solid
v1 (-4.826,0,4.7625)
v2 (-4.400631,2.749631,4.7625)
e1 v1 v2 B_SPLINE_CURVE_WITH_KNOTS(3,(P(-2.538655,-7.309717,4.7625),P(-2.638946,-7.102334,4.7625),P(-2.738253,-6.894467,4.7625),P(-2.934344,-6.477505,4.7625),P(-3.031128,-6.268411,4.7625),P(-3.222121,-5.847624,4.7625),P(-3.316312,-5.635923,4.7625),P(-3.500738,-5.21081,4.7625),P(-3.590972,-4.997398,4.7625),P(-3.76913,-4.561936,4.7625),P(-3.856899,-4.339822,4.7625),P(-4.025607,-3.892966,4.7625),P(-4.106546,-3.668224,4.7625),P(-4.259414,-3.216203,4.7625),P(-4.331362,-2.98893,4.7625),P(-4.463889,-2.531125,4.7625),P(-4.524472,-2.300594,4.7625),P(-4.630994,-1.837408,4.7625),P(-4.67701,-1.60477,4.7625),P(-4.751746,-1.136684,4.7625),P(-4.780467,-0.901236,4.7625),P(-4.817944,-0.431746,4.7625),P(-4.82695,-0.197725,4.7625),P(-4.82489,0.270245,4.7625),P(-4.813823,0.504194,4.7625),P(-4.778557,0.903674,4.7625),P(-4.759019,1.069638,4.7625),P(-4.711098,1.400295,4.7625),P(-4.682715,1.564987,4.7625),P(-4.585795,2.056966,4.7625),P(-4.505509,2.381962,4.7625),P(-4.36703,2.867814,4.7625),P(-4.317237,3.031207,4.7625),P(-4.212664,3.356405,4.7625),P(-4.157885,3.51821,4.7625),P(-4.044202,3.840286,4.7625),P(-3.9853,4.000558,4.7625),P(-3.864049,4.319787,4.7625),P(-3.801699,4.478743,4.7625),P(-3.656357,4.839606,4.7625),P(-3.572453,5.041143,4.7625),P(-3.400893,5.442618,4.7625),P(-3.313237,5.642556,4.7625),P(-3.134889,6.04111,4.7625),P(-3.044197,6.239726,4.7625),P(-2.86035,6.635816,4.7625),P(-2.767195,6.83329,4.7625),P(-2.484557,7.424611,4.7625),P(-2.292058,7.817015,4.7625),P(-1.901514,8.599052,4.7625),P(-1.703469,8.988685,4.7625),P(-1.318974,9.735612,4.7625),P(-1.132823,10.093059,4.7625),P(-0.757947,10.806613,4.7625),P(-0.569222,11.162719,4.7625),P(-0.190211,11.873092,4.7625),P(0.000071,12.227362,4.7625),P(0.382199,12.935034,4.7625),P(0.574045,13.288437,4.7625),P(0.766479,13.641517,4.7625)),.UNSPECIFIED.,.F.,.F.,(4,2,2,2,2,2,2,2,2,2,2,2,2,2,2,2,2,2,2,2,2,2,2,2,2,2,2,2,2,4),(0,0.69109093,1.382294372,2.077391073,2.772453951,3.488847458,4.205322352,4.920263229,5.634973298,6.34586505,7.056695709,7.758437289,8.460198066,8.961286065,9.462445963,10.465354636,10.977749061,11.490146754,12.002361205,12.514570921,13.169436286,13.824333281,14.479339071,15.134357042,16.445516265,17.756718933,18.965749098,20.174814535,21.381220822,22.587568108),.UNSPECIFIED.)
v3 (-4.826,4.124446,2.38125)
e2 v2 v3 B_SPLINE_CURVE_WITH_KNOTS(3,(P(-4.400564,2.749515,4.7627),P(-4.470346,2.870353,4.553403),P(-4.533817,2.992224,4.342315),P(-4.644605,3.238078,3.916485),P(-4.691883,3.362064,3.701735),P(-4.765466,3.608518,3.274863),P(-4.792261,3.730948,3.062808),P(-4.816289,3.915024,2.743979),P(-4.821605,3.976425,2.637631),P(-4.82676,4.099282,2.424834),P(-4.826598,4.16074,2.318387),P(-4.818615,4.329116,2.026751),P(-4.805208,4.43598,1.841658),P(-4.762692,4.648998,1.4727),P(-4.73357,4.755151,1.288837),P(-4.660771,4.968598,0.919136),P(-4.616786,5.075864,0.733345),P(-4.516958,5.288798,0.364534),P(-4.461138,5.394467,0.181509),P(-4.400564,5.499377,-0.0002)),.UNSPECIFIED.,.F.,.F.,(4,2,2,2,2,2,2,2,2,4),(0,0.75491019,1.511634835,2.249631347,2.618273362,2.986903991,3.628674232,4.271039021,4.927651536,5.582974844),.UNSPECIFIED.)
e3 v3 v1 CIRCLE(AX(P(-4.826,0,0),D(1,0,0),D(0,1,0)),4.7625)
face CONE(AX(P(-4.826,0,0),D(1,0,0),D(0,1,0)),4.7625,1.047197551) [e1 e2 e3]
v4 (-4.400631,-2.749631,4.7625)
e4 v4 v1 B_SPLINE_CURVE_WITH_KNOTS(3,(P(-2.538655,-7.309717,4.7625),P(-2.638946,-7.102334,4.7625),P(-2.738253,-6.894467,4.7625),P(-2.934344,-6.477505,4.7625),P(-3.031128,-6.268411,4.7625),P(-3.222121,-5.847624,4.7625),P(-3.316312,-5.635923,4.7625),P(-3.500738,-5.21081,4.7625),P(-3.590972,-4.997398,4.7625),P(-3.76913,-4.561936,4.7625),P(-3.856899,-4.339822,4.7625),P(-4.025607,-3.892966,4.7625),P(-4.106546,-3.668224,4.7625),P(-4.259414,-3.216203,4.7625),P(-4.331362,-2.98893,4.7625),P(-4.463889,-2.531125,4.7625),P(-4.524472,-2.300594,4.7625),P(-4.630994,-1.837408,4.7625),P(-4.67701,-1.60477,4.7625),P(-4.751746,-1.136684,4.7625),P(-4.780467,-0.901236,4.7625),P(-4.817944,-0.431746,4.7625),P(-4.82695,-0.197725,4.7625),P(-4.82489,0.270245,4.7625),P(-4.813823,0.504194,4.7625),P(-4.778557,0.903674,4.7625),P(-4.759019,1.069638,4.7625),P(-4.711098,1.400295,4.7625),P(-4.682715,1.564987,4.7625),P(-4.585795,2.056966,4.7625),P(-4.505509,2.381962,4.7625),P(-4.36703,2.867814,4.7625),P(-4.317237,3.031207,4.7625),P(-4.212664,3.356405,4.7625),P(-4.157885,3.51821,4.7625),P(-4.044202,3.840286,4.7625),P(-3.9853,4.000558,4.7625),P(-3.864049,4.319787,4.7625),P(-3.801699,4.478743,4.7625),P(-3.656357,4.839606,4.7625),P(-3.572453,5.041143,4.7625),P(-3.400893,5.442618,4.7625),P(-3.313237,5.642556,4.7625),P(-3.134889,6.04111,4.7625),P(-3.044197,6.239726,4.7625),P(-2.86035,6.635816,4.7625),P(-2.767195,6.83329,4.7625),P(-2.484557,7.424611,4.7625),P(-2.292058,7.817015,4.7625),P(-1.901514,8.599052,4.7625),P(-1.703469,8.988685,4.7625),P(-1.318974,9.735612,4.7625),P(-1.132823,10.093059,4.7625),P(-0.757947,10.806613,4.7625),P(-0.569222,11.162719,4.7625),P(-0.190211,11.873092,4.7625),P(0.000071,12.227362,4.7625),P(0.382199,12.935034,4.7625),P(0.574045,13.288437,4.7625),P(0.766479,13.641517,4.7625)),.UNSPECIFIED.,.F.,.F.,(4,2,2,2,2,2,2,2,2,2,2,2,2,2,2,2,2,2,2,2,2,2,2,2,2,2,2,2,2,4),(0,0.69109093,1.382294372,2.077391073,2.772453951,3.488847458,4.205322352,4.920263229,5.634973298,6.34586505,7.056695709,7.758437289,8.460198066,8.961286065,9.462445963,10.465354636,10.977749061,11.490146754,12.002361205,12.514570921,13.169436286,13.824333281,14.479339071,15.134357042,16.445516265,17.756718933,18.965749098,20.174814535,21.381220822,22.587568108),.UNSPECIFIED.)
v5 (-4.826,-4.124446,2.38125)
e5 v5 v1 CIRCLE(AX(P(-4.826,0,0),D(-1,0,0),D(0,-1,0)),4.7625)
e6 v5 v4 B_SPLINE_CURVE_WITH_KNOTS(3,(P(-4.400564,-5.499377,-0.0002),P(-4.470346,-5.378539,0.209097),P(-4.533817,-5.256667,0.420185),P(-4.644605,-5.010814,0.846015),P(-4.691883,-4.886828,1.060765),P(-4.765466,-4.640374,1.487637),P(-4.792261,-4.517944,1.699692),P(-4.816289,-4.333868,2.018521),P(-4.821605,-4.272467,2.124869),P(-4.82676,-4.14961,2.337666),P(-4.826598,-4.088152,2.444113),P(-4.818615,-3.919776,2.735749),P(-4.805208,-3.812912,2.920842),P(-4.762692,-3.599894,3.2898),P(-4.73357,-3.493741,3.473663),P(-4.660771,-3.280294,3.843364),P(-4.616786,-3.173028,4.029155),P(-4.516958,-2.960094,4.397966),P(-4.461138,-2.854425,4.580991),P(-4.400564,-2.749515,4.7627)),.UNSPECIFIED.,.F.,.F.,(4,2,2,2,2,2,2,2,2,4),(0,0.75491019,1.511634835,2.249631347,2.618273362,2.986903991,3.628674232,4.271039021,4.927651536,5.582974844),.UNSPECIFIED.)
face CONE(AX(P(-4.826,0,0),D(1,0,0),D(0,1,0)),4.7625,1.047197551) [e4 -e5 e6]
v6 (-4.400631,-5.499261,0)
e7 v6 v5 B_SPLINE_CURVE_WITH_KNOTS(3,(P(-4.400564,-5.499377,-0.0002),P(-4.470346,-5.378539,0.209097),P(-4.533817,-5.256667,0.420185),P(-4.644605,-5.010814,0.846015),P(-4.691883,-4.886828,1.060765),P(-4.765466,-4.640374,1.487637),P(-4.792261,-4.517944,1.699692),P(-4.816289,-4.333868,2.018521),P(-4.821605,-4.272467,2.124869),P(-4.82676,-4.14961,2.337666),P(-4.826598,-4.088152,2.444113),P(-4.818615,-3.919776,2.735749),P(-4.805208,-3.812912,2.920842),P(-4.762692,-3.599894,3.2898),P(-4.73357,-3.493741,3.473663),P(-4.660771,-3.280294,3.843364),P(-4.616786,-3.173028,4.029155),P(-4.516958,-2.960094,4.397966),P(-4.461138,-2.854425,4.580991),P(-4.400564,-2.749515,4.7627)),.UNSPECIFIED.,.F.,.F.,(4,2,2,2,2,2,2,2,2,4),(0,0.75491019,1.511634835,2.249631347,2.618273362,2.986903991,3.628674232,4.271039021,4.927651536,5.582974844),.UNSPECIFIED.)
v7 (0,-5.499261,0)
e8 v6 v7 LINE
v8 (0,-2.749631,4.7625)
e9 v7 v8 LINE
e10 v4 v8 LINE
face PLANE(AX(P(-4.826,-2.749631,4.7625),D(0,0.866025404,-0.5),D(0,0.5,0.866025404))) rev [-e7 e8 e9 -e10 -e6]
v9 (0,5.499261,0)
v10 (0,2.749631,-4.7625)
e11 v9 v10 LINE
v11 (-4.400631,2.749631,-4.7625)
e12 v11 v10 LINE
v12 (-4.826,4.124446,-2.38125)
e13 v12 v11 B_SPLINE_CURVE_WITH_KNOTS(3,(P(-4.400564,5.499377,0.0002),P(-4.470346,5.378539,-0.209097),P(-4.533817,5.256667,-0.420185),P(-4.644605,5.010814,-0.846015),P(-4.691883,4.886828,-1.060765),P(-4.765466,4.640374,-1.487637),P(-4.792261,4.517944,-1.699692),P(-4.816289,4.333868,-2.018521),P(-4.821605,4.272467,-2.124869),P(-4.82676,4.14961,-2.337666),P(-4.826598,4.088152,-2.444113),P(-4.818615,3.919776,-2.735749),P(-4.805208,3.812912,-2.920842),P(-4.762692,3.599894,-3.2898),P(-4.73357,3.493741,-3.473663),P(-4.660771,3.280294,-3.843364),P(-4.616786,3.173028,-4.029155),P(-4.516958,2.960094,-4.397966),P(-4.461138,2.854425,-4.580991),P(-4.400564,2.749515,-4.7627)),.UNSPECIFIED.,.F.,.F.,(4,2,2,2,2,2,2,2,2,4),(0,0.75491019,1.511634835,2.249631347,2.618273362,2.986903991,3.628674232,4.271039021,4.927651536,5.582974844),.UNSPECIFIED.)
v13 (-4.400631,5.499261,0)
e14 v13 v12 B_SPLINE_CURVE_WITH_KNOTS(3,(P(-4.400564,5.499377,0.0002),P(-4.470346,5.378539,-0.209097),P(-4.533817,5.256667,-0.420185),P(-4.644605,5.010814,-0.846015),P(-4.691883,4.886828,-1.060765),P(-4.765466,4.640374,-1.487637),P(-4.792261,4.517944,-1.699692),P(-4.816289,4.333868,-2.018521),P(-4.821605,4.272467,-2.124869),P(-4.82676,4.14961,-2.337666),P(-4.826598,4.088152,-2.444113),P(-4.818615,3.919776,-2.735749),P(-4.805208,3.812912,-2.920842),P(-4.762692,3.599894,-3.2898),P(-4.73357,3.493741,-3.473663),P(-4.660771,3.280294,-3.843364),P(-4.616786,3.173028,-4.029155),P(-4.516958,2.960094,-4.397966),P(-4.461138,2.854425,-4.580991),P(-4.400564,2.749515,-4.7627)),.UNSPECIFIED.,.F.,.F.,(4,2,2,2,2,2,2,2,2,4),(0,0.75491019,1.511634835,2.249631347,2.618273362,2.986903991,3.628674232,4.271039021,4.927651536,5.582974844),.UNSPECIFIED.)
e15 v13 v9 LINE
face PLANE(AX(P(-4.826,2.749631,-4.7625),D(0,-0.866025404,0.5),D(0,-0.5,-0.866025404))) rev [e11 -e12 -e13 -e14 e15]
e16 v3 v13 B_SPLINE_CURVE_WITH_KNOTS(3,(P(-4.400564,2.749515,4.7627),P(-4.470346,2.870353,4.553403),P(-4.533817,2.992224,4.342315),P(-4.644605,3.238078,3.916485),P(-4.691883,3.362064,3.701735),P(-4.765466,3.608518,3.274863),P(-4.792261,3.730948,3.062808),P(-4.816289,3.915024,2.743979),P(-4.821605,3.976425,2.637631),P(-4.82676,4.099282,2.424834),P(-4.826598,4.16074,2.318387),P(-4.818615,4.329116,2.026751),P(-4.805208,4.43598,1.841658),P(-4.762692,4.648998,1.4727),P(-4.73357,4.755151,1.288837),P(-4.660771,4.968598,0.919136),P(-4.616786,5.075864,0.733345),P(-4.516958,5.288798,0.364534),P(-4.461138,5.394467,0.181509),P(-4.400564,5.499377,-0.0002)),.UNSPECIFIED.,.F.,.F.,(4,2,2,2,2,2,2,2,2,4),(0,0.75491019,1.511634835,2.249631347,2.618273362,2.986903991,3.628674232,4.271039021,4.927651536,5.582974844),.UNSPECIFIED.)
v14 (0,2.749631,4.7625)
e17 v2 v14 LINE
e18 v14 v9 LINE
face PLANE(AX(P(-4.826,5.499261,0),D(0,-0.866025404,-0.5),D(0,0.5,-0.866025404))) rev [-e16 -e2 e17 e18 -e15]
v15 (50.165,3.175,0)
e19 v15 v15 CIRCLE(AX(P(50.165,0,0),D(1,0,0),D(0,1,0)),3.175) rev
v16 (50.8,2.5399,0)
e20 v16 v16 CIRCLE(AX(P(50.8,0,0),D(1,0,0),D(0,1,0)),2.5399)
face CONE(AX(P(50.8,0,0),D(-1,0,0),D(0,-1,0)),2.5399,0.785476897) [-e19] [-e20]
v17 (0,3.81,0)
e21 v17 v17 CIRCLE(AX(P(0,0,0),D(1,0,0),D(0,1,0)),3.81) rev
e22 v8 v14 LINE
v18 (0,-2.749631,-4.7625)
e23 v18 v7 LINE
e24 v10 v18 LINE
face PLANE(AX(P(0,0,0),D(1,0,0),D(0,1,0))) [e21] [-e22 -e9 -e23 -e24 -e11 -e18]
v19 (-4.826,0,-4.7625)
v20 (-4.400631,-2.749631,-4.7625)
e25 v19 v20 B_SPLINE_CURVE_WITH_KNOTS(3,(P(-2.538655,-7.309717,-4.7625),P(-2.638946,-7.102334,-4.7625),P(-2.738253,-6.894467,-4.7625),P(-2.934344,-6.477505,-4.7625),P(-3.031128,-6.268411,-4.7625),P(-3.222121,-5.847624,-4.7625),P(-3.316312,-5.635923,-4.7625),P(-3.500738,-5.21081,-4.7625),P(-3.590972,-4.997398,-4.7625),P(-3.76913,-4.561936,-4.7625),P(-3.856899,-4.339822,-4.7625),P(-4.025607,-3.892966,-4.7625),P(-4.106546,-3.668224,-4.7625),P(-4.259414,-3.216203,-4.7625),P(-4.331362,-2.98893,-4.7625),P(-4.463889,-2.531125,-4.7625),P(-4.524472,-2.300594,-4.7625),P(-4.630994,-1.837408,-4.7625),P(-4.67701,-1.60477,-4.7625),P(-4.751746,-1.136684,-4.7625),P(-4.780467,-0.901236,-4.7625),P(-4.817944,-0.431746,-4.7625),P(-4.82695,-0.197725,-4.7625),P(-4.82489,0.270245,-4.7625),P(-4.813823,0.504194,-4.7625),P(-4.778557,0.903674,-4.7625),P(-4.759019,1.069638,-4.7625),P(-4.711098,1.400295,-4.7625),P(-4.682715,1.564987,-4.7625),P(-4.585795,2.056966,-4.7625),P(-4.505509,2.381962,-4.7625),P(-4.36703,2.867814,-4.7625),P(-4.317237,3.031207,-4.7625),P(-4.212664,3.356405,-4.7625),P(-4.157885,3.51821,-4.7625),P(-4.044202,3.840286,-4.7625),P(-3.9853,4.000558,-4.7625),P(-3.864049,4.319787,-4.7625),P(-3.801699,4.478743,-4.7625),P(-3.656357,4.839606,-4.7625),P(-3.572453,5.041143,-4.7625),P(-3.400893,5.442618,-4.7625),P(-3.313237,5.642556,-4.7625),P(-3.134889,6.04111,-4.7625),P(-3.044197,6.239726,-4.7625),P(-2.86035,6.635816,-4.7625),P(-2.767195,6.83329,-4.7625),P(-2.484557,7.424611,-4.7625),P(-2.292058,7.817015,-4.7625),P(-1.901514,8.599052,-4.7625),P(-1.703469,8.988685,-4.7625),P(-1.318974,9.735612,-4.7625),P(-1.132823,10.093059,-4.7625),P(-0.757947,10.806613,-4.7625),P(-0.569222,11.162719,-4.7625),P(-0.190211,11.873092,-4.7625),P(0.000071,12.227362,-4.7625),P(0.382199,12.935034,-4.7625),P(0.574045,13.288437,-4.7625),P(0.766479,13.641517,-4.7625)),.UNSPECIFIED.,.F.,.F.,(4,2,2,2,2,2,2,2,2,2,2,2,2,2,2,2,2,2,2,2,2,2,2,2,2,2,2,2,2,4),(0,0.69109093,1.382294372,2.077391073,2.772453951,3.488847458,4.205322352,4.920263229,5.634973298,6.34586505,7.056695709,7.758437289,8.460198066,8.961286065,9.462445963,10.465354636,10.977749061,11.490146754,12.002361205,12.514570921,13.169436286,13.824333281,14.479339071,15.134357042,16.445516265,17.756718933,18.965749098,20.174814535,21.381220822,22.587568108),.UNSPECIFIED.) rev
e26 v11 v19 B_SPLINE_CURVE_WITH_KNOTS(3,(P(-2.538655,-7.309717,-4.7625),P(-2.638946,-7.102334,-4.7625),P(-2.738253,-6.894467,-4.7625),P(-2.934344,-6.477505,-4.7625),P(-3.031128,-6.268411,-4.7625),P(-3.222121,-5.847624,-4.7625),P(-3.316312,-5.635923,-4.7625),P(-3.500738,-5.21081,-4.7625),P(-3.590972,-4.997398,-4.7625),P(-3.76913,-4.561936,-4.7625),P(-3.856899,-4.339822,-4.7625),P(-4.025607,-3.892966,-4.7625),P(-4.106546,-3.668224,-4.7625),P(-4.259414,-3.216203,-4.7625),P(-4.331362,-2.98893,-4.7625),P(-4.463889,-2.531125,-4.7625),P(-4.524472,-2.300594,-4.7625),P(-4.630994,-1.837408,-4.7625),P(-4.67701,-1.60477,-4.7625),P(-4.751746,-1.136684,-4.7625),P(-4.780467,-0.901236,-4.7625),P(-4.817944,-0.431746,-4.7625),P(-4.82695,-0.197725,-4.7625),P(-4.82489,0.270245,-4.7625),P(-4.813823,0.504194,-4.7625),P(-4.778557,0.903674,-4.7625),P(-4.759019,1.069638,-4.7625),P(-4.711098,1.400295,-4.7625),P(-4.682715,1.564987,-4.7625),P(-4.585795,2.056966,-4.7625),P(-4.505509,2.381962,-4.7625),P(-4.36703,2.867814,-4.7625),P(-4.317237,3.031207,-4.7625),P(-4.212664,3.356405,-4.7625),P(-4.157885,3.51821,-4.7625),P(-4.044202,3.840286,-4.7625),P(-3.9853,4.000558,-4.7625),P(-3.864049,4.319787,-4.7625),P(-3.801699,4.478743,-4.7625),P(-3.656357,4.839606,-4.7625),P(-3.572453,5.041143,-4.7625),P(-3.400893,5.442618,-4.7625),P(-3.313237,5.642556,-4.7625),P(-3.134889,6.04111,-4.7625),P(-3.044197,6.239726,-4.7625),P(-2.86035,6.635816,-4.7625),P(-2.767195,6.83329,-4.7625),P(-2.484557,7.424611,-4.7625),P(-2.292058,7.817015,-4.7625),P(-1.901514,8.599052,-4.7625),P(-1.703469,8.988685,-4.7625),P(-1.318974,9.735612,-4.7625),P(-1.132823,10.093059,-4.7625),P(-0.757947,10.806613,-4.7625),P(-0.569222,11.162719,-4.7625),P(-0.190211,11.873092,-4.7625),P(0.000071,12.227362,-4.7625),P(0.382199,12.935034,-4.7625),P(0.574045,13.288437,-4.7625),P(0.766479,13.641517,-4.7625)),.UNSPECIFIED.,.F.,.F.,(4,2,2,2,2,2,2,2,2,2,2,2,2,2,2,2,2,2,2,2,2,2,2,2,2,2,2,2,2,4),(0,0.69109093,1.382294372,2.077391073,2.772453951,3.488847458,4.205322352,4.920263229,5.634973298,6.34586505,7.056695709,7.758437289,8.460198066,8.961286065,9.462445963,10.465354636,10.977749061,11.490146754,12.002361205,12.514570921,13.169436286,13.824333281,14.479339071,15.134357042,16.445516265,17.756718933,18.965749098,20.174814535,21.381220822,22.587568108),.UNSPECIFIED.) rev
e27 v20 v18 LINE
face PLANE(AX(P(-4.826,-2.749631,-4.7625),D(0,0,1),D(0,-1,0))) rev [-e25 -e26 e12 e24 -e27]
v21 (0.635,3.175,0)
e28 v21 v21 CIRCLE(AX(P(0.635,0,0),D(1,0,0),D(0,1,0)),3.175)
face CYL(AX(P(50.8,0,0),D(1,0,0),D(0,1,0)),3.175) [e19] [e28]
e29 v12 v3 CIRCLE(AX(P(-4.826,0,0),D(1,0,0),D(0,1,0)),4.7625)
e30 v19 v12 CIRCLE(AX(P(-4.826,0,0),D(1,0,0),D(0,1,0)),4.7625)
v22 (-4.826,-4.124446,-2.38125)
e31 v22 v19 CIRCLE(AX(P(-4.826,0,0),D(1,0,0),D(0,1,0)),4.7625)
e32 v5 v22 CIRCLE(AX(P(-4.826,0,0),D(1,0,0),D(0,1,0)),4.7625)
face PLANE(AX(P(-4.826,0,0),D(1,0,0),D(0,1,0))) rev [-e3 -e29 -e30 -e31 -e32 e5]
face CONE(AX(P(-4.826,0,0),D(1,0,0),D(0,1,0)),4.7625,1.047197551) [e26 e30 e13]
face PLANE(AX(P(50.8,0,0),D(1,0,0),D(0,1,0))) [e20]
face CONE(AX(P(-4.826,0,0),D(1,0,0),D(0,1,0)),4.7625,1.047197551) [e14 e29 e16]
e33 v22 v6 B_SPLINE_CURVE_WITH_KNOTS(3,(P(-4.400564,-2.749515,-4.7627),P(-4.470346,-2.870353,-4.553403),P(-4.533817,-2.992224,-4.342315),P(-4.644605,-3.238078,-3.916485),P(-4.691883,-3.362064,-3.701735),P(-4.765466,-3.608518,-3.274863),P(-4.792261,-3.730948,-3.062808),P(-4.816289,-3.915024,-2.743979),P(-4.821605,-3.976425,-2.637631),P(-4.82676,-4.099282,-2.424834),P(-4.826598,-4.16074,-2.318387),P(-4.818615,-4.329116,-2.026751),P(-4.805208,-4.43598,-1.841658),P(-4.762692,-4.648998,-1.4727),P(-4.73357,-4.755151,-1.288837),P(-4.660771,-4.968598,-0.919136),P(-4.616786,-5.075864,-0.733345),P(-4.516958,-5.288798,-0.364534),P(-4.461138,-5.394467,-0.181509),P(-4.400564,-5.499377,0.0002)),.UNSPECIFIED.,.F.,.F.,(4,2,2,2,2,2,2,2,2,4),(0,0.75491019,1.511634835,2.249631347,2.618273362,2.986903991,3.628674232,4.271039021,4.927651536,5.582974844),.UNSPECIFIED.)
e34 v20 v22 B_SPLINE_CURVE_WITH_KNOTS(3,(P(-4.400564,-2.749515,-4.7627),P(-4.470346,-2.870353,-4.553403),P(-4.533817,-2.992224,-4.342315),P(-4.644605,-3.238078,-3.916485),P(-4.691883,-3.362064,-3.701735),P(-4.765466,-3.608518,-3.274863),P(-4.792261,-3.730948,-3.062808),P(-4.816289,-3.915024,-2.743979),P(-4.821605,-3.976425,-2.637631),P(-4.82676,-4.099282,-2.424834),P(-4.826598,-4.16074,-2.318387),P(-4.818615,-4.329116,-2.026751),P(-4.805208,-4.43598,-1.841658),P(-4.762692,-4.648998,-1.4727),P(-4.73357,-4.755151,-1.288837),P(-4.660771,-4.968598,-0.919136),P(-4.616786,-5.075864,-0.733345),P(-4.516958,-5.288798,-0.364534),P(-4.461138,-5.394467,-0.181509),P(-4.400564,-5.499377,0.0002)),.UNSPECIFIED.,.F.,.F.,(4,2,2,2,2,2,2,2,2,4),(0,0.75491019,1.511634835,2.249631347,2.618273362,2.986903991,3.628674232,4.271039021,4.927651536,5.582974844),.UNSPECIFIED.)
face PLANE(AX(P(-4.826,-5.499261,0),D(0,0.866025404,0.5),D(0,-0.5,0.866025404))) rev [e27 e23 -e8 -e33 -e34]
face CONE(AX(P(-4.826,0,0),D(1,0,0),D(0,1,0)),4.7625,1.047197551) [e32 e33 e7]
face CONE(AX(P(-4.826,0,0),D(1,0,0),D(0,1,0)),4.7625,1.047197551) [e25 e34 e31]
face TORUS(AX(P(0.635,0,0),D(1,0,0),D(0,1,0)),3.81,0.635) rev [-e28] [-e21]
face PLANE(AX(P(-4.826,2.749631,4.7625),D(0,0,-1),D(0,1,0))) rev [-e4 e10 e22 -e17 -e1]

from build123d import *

# Parameters (mm, degrees)
SKETCH1_W      = 50.8
SKETCH1_H      = 3.175
HEAD_DEPTH     = 4.826
CHAMFER2_SIZE  = 0.635
CHAMFER2_SIZE2 = 0.6351
FILLET_2_R     = 0.635


with BuildPart() as part:
    # Sketch1 → Body (revolve)
    with BuildSketch(Plane.XY):
        with Locations((25.4, 1.5875)):
            Rectangle(SKETCH1_W, SKETCH1_H)
    revolve(axis=Axis((50.8, 0, 0), (-1, 0, 0)))

    # Sketch2 → Head (add)
    with BuildSketch(Plane.ZY):
        Polygon((0, 5.499261314), (4.7625, 2.749630657), (4.7625, -2.749630657), (0, -5.499261314), (-4.7625, -2.749630657), (-4.7625, 2.749630657), align=None)
    extrude(amount=HEAD_DEPTH)

    # Sketch3 → Thread (revolve, cut)
    with BuildSketch(Plane.XY):
        Polygon((-4.826, 4.7625), (-4.276073869, 5.715), (-4.826, 5.715), align=None)
    revolve(axis=Axis((-1.1, 0, 0), (1, 0, 0)), mode=Mode.SUBTRACT)

    # Chamfer2
    chamfer2_edges = [part.edges().sort_by_distance(p)[0] for p in [
        (50.8, -3.175, 0),
    ]]
    chamfer2_side = [part.faces().sort_by_distance(p)[0] for p in [
        (25.4, -3.175, 0),
    ]]
    chamfer(chamfer2_edges, length=CHAMFER2_SIZE, length2=CHAMFER2_SIZE2, reference=chamfer2_side[0])

    # Fillet 2
    fillet_2_edges = [part.edges().sort_by_distance(p)[0] for p in [
        (0, -3.175, 0),
    ]]
    fillet(fillet_2_edges, radius=FILLET_2_R)


solid = part.part
